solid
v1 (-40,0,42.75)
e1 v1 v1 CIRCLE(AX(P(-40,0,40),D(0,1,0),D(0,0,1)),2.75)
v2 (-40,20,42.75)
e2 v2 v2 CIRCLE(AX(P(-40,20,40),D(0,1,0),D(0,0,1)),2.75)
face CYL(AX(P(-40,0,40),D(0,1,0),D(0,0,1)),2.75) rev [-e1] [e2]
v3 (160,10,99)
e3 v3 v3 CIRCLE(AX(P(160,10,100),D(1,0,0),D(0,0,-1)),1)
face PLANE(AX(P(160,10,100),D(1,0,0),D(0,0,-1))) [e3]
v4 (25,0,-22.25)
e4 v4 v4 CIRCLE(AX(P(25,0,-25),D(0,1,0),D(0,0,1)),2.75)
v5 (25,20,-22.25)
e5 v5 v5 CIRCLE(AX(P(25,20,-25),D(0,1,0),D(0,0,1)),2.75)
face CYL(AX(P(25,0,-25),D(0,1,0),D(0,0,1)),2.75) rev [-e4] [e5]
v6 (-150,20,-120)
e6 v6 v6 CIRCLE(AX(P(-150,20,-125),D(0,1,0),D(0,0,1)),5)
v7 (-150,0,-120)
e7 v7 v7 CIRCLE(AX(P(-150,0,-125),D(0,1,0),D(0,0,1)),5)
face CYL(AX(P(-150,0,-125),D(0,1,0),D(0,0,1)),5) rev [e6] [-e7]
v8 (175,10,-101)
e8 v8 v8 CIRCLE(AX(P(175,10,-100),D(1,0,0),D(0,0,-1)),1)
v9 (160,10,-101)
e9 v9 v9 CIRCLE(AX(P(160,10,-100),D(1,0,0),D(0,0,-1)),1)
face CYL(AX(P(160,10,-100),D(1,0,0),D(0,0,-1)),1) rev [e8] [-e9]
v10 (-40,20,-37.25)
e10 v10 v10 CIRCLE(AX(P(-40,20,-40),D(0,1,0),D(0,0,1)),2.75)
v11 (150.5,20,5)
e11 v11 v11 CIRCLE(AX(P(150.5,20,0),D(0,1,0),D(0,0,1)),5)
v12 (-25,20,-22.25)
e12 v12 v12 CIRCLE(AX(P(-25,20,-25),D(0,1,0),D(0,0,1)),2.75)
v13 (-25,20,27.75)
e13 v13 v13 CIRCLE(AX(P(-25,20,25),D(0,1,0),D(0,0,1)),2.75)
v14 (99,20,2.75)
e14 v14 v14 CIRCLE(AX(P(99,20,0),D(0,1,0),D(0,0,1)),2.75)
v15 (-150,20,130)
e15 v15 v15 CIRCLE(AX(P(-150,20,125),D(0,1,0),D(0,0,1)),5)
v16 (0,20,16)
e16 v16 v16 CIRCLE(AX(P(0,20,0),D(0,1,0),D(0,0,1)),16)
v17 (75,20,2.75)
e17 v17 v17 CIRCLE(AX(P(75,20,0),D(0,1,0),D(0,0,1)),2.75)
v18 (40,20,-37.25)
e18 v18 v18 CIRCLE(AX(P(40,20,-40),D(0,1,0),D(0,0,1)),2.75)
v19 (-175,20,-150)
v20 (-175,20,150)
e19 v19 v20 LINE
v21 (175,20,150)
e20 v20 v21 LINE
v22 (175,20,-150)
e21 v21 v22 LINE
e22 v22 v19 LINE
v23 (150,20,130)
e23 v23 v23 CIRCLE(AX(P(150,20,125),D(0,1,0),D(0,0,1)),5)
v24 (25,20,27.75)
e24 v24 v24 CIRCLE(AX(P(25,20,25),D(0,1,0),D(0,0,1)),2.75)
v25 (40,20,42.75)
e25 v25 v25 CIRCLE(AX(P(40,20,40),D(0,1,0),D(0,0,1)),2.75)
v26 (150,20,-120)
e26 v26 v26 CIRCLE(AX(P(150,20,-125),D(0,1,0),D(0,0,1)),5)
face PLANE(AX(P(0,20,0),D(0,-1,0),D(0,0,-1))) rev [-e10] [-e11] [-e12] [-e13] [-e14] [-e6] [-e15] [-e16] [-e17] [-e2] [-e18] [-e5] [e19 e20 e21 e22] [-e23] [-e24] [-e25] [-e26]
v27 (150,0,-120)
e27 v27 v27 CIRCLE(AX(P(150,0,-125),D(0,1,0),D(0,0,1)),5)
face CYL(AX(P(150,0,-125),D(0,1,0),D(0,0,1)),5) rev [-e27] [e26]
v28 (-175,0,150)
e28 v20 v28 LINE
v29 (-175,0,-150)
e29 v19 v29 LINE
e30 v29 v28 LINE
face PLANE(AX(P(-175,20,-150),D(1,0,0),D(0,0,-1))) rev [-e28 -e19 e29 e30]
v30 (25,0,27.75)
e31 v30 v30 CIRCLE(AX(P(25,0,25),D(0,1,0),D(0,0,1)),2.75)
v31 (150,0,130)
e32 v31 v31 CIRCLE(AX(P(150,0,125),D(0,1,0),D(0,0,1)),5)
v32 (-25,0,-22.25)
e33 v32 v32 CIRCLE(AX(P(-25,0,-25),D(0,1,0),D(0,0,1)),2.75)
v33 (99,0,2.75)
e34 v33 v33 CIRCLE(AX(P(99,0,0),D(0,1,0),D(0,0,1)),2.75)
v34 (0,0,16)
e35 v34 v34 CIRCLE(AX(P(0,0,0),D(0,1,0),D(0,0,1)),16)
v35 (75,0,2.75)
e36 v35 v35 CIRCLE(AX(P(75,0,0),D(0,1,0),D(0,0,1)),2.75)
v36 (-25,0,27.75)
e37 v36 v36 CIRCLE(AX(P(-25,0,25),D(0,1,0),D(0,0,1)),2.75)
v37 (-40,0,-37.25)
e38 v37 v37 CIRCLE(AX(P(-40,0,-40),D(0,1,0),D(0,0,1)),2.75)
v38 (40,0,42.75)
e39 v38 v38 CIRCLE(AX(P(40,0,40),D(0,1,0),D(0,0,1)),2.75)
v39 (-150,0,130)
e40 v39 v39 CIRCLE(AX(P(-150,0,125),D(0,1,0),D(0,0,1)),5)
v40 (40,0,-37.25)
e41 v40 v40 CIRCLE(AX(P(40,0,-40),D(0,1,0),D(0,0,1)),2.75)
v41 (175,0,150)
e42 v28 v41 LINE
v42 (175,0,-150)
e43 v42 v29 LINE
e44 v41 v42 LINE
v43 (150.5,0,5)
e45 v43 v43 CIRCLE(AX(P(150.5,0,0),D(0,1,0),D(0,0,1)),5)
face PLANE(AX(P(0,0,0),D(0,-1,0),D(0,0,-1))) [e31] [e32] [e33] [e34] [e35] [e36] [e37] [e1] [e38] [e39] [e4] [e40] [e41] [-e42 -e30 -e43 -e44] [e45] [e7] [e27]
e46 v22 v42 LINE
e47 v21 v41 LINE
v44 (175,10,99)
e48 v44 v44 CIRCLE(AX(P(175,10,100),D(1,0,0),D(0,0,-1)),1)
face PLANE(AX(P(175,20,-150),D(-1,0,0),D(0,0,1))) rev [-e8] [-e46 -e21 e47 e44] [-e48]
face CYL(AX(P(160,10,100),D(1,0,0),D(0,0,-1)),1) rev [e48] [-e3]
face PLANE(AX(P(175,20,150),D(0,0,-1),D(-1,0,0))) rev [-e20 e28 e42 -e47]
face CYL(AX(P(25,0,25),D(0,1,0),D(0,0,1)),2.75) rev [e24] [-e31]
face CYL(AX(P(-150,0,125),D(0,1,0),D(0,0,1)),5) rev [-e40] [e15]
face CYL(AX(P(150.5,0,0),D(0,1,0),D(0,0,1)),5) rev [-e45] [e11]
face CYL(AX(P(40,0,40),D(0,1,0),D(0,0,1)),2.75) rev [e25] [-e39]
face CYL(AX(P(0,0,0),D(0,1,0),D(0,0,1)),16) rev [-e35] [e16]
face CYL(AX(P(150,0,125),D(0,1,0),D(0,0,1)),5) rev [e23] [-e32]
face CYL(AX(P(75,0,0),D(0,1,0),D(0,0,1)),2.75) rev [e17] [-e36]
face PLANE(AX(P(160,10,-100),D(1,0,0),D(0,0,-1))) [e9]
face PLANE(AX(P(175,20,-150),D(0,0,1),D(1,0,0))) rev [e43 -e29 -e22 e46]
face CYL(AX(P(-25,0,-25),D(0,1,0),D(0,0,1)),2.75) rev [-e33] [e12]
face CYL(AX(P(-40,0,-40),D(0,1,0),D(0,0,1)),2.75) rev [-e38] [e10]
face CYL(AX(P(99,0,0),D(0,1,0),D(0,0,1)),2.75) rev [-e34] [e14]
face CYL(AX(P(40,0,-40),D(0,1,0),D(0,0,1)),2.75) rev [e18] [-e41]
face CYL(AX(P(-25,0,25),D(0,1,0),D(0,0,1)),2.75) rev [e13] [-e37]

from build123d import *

# Parameters (mm, degrees)
SKETCH1_W           = 350
SKETCH1_H           = 300
BOSS_EXTRUDE1_DEPTH = 20
SKETCH2_R           = 5
CUT_EXTRUDE1_DEPTH  = 21
SKETCH3_R           = 2.75
CUT_EXTRUDE2_DEPTH  = 20
SKETCH4_R           = 5
CUT_EXTRUDE3_DEPTH  = 20
SKETCH5_R           = 2.75
CUT_EXTRUDE4_DEPTH  = 20
SKETCH6_R           = 16
CUT_EXTRUDE5_DEPTH  = 20
SKETCH7_R           = 2.75
CUT_EXTRUDE6_DEPTH  = 20
SKETCH8_R           = 1
CUT_EXTRUDE7_DEPTH  = 15


with BuildPart() as part:
    # Sketch1 → Boss-Extrude1 (new body)
    with BuildSketch(Plane(origin=(0, 0, 0), x_dir=(1, 0, 0), z_dir=(0, 1, 0))):
        Rectangle(SKETCH1_W, SKETCH1_H)
    extrude(amount=BOSS_EXTRUDE1_DEPTH)

    # Sketch2 → Cut-Extrude1 (cut, through all)
    with BuildSketch(Plane(origin=(0, 20, 0), x_dir=(1, 0, 0), z_dir=(0, 1, 0))):
        with Locations((-150, -125)):
            Circle(SKETCH2_R)
        with Locations((-150, 125)):
            Circle(SKETCH2_R)
        with Locations((150, 125)):
            Circle(SKETCH2_R)
        with Locations((150, -125)):
            Circle(SKETCH2_R)
    extrude(amount=-CUT_EXTRUDE1_DEPTH, mode=Mode.SUBTRACT)

    # Sketch3 → Cut-Extrude2 (cut)
    with BuildSketch(Plane(origin=(0, 20, 0), x_dir=(1, 0, 0), z_dir=(0, 1, 0))):
        with Locations((75, 0)):
            Circle(SKETCH3_R)
        with Locations((99, 0)):
            Circle(SKETCH3_R)
    extrude(amount=-CUT_EXTRUDE2_DEPTH, mode=Mode.SUBTRACT)

    # Sketch4 → Cut-Extrude3 (cut)
    with BuildSketch(Plane(origin=(0, 20, 0), x_dir=(1, 0, 0), z_dir=(0, 1, 0))):
        with Locations((150.5, 0)):
            Circle(SKETCH4_R)
    extrude(amount=-CUT_EXTRUDE3_DEPTH, mode=Mode.SUBTRACT)

    # Sketch5 → Cut-Extrude4 (cut)
    with BuildSketch(Plane(origin=(0, 20, 0), x_dir=(1, 0, 0), z_dir=(0, 1, 0))):
        with Locations((-40, 40)):
            Circle(SKETCH5_R)
        with Locations((40, 40)):
            Circle(SKETCH5_R)
        with Locations((40, -40)):
            Circle(SKETCH5_R)
        with Locations((-40, -40)):
            Circle(SKETCH5_R)
    extrude(amount=-CUT_EXTRUDE4_DEPTH, mode=Mode.SUBTRACT)

    # Sketch6 → Cut-Extrude5 (cut)
    with BuildSketch(Plane(origin=(0, 20, 0), x_dir=(1, 0, 0), z_dir=(0, 1, 0))):
        Circle(SKETCH6_R)
    extrude(amount=-CUT_EXTRUDE5_DEPTH, mode=Mode.SUBTRACT)

    # Sketch7 → Cut-Extrude6 (cut)
    with BuildSketch(Plane(origin=(0, 20, 0), x_dir=(1, 0, 0), z_dir=(0, 1, 0))):
        with Locations((-25, 25)):
            Circle(SKETCH7_R)
        with Locations((25, 25)):
            Circle(SKETCH7_R)
        with Locations((25, -25)):
            Circle(SKETCH7_R)
        with Locations((-25, -25)):
            Circle(SKETCH7_R)
    extrude(amount=-CUT_EXTRUDE6_DEPTH, mode=Mode.SUBTRACT)

    # Sketch8 → Cut-Extrude7 (cut)
    with BuildSketch(Plane(origin=(175, 0, 0), x_dir=(0, 0, -1), z_dir=(1, 0, 0))):
        with Locations((-100, 10)):
            Circle(SKETCH8_R)
        with Locations((100, 10)):
            Circle(SKETCH8_R)
    extrude(amount=-CUT_EXTRUDE7_DEPTH, mode=Mode.SUBTRACT)


solid = part.part
